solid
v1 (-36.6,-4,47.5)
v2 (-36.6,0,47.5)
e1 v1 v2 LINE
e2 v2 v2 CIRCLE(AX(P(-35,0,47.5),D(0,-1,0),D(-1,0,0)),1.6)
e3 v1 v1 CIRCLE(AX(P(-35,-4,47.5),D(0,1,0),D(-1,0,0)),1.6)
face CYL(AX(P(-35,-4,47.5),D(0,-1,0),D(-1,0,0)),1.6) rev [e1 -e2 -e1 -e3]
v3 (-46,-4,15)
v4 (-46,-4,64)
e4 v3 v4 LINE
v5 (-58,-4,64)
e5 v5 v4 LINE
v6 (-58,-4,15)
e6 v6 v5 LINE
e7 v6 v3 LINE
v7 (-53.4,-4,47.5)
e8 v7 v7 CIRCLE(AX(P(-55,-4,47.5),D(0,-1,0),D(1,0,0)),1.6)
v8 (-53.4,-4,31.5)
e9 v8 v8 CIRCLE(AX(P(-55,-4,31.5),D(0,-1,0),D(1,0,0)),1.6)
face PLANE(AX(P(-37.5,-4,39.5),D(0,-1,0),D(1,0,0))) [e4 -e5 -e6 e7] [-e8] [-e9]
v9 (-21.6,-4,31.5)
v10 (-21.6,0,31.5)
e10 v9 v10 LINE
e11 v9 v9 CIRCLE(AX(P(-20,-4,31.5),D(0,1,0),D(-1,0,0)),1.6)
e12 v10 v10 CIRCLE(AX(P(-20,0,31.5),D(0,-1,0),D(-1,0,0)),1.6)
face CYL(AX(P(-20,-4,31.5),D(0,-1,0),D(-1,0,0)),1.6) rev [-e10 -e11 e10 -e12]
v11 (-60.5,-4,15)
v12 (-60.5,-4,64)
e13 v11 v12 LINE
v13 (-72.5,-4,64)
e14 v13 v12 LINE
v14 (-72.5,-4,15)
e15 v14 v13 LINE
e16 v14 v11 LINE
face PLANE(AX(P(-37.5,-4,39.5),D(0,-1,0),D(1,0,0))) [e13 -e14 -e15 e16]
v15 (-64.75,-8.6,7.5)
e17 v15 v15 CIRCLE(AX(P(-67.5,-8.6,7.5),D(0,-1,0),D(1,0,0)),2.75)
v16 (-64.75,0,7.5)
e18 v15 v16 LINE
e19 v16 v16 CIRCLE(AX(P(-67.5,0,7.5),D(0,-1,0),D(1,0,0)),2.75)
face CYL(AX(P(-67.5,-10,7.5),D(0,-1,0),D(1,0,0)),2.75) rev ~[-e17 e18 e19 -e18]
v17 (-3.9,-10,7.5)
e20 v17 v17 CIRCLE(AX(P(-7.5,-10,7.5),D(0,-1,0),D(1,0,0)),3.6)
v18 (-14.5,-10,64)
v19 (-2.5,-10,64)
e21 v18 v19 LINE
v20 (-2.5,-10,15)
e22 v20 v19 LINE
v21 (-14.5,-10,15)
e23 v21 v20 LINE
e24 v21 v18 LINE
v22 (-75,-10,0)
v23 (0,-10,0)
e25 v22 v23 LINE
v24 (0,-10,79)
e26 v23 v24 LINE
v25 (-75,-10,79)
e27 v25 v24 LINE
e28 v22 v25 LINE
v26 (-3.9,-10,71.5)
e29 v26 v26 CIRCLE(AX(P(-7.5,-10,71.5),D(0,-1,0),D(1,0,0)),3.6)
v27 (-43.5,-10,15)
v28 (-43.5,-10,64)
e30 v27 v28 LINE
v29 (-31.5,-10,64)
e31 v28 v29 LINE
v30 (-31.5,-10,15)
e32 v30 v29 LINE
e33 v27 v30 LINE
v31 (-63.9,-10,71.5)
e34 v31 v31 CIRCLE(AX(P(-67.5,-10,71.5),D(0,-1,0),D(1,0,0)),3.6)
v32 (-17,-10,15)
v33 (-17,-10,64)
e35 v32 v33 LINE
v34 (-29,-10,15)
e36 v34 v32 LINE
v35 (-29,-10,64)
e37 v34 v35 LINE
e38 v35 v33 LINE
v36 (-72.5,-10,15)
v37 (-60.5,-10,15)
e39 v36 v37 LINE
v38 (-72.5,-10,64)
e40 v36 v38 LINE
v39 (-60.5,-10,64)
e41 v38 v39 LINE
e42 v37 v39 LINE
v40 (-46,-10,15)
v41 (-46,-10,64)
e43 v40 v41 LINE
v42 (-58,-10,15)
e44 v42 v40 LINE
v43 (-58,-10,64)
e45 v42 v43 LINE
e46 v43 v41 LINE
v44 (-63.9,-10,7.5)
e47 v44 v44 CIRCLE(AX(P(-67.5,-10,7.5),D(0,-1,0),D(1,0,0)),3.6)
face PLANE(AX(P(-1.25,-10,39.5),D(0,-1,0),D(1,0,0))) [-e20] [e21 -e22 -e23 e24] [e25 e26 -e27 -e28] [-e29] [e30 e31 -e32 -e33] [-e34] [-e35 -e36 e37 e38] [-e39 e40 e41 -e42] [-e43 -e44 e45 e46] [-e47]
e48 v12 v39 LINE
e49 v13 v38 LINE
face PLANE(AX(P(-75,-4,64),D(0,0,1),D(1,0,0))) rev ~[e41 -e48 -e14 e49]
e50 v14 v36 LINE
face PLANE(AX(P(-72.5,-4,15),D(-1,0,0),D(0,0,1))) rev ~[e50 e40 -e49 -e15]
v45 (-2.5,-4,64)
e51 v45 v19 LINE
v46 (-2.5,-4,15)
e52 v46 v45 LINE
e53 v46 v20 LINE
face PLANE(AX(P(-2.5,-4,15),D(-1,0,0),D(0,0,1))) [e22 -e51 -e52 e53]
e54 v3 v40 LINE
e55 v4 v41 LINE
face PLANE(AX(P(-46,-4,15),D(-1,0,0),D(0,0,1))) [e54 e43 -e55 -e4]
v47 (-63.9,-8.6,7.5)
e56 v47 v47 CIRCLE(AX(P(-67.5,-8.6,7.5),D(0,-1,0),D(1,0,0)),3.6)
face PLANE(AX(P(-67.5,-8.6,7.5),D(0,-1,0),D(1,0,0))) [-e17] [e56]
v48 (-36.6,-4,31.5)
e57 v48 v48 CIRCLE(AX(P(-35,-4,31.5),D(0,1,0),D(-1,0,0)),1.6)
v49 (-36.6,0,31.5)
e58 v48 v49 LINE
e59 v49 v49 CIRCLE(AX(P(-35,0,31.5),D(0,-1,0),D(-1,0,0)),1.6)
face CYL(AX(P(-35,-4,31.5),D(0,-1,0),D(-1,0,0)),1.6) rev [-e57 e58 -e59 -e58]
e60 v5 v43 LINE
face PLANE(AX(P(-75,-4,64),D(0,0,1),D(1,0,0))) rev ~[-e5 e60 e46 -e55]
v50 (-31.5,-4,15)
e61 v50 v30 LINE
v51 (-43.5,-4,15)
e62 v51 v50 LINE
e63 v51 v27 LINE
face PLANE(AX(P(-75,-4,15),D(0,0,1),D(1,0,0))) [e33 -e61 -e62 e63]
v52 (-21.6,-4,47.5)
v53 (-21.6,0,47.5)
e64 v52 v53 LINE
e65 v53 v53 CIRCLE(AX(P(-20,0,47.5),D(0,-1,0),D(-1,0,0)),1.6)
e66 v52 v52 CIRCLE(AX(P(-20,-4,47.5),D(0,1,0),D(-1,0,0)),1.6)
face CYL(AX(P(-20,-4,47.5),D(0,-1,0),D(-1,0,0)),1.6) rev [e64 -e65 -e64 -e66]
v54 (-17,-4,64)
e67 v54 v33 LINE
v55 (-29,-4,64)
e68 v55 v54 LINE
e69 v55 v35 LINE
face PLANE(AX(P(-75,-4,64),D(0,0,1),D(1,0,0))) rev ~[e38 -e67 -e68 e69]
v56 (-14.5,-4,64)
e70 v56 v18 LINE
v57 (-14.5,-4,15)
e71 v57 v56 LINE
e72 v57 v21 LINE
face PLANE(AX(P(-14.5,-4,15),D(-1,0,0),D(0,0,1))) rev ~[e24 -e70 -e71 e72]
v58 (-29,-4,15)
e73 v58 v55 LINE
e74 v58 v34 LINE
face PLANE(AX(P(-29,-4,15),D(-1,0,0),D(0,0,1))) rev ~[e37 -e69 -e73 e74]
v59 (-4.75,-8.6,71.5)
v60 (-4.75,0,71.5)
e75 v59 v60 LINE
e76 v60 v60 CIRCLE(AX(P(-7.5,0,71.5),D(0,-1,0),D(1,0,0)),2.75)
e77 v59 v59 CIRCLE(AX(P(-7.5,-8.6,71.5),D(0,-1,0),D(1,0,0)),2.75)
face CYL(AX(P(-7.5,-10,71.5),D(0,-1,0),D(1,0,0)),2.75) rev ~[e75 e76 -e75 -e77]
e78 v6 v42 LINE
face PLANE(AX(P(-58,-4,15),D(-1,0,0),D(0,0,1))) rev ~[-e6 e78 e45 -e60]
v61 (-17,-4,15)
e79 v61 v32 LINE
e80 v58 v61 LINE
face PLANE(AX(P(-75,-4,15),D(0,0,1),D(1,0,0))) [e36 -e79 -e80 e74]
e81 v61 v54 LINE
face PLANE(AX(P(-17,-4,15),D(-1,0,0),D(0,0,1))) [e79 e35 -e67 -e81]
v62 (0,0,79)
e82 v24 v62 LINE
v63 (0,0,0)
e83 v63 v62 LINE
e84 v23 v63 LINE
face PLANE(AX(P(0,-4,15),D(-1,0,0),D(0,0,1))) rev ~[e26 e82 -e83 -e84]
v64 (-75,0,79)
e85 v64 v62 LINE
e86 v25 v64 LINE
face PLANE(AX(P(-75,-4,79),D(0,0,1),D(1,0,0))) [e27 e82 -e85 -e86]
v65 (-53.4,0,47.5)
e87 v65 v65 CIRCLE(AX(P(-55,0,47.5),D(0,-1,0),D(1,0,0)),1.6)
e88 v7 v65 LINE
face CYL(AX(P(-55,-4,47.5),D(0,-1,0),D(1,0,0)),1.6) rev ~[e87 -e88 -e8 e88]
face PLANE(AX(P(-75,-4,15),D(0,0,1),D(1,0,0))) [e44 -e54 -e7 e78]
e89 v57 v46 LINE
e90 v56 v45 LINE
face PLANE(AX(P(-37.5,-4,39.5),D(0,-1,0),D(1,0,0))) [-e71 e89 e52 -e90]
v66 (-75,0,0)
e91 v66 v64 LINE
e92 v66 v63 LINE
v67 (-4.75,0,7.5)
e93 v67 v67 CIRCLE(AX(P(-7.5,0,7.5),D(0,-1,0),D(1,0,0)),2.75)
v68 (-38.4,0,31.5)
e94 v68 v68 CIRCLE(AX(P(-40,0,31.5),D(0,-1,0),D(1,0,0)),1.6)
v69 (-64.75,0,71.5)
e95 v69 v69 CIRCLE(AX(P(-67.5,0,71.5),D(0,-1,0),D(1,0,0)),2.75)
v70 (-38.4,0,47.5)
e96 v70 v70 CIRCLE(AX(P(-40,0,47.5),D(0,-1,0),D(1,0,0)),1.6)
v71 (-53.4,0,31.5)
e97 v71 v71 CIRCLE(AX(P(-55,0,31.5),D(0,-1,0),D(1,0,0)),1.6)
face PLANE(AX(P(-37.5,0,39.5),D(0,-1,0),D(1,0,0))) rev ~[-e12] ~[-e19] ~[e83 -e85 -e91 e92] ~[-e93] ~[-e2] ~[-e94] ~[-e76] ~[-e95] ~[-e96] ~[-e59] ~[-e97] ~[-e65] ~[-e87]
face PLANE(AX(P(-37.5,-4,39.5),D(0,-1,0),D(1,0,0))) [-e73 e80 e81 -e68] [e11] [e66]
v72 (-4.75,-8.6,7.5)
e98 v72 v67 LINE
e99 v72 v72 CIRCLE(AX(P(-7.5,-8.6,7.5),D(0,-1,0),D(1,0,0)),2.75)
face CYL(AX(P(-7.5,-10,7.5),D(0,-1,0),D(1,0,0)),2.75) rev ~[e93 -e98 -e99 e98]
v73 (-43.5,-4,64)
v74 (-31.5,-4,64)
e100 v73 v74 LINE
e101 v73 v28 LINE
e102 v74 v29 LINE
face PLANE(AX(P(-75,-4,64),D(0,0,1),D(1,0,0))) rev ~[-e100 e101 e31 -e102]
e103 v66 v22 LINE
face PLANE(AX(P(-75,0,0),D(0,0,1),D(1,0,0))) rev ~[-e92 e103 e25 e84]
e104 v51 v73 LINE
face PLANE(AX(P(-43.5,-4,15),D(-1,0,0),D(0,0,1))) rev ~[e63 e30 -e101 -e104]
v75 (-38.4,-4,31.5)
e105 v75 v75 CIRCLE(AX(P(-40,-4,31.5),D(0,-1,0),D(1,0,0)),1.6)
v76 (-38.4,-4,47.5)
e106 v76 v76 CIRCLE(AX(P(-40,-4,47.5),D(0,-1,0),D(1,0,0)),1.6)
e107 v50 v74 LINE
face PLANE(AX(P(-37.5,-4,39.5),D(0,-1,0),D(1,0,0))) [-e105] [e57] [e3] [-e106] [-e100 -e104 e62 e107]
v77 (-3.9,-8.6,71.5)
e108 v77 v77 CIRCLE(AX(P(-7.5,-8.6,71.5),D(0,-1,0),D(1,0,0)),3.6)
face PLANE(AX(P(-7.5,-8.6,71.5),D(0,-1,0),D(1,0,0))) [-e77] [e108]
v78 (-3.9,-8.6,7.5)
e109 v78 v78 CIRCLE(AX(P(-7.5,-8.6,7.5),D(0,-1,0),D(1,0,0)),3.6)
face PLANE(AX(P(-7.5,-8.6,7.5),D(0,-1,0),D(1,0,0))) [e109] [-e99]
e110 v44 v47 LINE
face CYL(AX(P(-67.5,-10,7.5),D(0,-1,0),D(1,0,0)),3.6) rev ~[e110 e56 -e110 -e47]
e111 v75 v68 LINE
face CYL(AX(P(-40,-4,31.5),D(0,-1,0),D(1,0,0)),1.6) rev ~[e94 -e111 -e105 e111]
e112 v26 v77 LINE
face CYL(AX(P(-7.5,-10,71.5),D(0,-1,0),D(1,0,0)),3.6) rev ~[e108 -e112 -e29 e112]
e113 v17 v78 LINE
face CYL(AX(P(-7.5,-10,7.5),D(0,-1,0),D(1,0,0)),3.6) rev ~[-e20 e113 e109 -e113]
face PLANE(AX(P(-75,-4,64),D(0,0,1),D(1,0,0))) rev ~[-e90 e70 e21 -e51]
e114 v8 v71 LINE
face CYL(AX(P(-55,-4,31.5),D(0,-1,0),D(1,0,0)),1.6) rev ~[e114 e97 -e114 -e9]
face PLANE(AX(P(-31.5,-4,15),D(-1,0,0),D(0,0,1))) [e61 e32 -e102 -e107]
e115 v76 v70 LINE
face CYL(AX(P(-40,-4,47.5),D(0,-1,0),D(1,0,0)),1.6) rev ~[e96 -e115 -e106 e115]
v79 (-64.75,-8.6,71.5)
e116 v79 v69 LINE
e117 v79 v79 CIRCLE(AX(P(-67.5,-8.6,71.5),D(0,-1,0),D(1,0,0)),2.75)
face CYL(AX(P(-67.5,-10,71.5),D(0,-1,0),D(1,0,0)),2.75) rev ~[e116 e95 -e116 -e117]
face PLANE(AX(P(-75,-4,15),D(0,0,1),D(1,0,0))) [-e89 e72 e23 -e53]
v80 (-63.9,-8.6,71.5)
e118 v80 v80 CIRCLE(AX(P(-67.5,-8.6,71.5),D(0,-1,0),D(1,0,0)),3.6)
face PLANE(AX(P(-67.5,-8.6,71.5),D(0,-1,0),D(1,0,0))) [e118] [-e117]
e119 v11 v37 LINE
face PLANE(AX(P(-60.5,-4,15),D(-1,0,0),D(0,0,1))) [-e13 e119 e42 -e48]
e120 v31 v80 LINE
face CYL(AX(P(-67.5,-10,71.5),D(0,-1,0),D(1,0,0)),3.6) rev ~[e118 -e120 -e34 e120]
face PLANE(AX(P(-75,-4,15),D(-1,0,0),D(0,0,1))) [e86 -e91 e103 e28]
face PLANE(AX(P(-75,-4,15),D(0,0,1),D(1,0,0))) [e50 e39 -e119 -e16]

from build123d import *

# Parameters (mm, degrees)
SKETCH008_W         = 75
SKETCH008_H         = 79
PAD003_DEPTH        = 4
SKETCH009_W         = 75
SKETCH009_H         = 15
PAD004_DEPTH        = 6
SKETCH010_R         = 1.6
POCKET005_DEPTH     = 222.779427
SKETCH011_R         = 2.75
POCKET006_DEPTH     = 10.001
SKETCH012_W         = 2.5
SKETCH012_H         = 49
PAD005_DEPTH        = 6
LINEARPATTERN_COUNT = 6
LINEARPATTERN_PITCH = 14.5
SKETCH015_R         = 3.6
POCKET008_DEPTH     = 1.4


with BuildPart() as part:
    # Sketch008 → Pad003 (new body)
    with BuildSketch(Plane.XZ):
        with Locations((-37.5, 39.5)):
            Rectangle(SKETCH008_W, SKETCH008_H)
    extrude(amount=PAD003_DEPTH)

    # Sketch009 (on Face6 of Pad003) → Pad004 (join)
    with BuildSketch(Plane.XZ.offset(4)):
        with Locations((-37.5, 71.5)):
            Rectangle(SKETCH009_W, SKETCH009_H)
        with Locations((-37.5, 7.5)):
            Rectangle(SKETCH009_W, SKETCH009_H)
    extrude(amount=PAD004_DEPTH)

    # Sketch010 (on Face8 of Pad004) → Pocket005 (cut, through all)
    with BuildSketch(Plane.XZ.offset(4)):
        with Locations((-55, 47.5)):
            Circle(SKETCH010_R)
        with Locations((-40, 47.5)):
            Circle(SKETCH010_R)
        with Locations((-40, 31.5)):
            Circle(SKETCH010_R)
        with Locations((-55, 31.5)):
            Circle(SKETCH010_R)
    pocket005 = extrude(amount=-POCKET005_DEPTH, mode=Mode.SUBTRACT)

    # Mirrored: Pocket005 across Sketch010 Axis12
    add(pocket005.mirror(Plane(origin=(-37.5, -4, 64), x_dir=(0, -1, 0), z_dir=(1, 0, 0))), mode=Mode.SUBTRACT)

    # Sketch011 (on Face23 of Mirrored) → Pocket006 (cut, through all)
    with BuildSketch(Plane.XZ.offset(10)):
        with Locations((-67.5, 71.5)):
            Circle(SKETCH011_R)
        with Locations((-7.5, 71.5)):
            Circle(SKETCH011_R)
        with Locations((-7.5, 7.5)):
            Circle(SKETCH011_R)
        with Locations((-67.5, 7.5)):
            Circle(SKETCH011_R)
    extrude(amount=-POCKET006_DEPTH, mode=Mode.SUBTRACT)

    # Sketch012 (on Face8 of Pocket006) → Pad005 (join)
    with BuildSketch(Plane.XZ.offset(4)):
        with Locations((-73.75, 39.5)):
            Rectangle(SKETCH012_W, SKETCH012_H)
    pad005 = extrude(amount=PAD005_DEPTH)

    # LinearPattern: Pad005 ×6
    with Locations(*[(i * LINEARPATTERN_PITCH, 0, 0) for i in range(1, LINEARPATTERN_COUNT)]):
        add(pad005)

    # Sketch015 (on Face25 of LinearPattern) → Pocket008 (cut)
    with BuildSketch(Plane.XZ.offset(10)):
        with Locations((-67.5, 71.5)):
            Circle(SKETCH015_R)
        with Locations((-7.5, 71.5)):
            Circle(SKETCH015_R)
        with Locations((-7.5, 7.5)):
            Circle(SKETCH015_R)
        with Locations((-67.5, 7.5)):
            Circle(SKETCH015_R)
    extrude(amount=-POCKET008_DEPTH, mode=Mode.SUBTRACT)


solid = part.part
